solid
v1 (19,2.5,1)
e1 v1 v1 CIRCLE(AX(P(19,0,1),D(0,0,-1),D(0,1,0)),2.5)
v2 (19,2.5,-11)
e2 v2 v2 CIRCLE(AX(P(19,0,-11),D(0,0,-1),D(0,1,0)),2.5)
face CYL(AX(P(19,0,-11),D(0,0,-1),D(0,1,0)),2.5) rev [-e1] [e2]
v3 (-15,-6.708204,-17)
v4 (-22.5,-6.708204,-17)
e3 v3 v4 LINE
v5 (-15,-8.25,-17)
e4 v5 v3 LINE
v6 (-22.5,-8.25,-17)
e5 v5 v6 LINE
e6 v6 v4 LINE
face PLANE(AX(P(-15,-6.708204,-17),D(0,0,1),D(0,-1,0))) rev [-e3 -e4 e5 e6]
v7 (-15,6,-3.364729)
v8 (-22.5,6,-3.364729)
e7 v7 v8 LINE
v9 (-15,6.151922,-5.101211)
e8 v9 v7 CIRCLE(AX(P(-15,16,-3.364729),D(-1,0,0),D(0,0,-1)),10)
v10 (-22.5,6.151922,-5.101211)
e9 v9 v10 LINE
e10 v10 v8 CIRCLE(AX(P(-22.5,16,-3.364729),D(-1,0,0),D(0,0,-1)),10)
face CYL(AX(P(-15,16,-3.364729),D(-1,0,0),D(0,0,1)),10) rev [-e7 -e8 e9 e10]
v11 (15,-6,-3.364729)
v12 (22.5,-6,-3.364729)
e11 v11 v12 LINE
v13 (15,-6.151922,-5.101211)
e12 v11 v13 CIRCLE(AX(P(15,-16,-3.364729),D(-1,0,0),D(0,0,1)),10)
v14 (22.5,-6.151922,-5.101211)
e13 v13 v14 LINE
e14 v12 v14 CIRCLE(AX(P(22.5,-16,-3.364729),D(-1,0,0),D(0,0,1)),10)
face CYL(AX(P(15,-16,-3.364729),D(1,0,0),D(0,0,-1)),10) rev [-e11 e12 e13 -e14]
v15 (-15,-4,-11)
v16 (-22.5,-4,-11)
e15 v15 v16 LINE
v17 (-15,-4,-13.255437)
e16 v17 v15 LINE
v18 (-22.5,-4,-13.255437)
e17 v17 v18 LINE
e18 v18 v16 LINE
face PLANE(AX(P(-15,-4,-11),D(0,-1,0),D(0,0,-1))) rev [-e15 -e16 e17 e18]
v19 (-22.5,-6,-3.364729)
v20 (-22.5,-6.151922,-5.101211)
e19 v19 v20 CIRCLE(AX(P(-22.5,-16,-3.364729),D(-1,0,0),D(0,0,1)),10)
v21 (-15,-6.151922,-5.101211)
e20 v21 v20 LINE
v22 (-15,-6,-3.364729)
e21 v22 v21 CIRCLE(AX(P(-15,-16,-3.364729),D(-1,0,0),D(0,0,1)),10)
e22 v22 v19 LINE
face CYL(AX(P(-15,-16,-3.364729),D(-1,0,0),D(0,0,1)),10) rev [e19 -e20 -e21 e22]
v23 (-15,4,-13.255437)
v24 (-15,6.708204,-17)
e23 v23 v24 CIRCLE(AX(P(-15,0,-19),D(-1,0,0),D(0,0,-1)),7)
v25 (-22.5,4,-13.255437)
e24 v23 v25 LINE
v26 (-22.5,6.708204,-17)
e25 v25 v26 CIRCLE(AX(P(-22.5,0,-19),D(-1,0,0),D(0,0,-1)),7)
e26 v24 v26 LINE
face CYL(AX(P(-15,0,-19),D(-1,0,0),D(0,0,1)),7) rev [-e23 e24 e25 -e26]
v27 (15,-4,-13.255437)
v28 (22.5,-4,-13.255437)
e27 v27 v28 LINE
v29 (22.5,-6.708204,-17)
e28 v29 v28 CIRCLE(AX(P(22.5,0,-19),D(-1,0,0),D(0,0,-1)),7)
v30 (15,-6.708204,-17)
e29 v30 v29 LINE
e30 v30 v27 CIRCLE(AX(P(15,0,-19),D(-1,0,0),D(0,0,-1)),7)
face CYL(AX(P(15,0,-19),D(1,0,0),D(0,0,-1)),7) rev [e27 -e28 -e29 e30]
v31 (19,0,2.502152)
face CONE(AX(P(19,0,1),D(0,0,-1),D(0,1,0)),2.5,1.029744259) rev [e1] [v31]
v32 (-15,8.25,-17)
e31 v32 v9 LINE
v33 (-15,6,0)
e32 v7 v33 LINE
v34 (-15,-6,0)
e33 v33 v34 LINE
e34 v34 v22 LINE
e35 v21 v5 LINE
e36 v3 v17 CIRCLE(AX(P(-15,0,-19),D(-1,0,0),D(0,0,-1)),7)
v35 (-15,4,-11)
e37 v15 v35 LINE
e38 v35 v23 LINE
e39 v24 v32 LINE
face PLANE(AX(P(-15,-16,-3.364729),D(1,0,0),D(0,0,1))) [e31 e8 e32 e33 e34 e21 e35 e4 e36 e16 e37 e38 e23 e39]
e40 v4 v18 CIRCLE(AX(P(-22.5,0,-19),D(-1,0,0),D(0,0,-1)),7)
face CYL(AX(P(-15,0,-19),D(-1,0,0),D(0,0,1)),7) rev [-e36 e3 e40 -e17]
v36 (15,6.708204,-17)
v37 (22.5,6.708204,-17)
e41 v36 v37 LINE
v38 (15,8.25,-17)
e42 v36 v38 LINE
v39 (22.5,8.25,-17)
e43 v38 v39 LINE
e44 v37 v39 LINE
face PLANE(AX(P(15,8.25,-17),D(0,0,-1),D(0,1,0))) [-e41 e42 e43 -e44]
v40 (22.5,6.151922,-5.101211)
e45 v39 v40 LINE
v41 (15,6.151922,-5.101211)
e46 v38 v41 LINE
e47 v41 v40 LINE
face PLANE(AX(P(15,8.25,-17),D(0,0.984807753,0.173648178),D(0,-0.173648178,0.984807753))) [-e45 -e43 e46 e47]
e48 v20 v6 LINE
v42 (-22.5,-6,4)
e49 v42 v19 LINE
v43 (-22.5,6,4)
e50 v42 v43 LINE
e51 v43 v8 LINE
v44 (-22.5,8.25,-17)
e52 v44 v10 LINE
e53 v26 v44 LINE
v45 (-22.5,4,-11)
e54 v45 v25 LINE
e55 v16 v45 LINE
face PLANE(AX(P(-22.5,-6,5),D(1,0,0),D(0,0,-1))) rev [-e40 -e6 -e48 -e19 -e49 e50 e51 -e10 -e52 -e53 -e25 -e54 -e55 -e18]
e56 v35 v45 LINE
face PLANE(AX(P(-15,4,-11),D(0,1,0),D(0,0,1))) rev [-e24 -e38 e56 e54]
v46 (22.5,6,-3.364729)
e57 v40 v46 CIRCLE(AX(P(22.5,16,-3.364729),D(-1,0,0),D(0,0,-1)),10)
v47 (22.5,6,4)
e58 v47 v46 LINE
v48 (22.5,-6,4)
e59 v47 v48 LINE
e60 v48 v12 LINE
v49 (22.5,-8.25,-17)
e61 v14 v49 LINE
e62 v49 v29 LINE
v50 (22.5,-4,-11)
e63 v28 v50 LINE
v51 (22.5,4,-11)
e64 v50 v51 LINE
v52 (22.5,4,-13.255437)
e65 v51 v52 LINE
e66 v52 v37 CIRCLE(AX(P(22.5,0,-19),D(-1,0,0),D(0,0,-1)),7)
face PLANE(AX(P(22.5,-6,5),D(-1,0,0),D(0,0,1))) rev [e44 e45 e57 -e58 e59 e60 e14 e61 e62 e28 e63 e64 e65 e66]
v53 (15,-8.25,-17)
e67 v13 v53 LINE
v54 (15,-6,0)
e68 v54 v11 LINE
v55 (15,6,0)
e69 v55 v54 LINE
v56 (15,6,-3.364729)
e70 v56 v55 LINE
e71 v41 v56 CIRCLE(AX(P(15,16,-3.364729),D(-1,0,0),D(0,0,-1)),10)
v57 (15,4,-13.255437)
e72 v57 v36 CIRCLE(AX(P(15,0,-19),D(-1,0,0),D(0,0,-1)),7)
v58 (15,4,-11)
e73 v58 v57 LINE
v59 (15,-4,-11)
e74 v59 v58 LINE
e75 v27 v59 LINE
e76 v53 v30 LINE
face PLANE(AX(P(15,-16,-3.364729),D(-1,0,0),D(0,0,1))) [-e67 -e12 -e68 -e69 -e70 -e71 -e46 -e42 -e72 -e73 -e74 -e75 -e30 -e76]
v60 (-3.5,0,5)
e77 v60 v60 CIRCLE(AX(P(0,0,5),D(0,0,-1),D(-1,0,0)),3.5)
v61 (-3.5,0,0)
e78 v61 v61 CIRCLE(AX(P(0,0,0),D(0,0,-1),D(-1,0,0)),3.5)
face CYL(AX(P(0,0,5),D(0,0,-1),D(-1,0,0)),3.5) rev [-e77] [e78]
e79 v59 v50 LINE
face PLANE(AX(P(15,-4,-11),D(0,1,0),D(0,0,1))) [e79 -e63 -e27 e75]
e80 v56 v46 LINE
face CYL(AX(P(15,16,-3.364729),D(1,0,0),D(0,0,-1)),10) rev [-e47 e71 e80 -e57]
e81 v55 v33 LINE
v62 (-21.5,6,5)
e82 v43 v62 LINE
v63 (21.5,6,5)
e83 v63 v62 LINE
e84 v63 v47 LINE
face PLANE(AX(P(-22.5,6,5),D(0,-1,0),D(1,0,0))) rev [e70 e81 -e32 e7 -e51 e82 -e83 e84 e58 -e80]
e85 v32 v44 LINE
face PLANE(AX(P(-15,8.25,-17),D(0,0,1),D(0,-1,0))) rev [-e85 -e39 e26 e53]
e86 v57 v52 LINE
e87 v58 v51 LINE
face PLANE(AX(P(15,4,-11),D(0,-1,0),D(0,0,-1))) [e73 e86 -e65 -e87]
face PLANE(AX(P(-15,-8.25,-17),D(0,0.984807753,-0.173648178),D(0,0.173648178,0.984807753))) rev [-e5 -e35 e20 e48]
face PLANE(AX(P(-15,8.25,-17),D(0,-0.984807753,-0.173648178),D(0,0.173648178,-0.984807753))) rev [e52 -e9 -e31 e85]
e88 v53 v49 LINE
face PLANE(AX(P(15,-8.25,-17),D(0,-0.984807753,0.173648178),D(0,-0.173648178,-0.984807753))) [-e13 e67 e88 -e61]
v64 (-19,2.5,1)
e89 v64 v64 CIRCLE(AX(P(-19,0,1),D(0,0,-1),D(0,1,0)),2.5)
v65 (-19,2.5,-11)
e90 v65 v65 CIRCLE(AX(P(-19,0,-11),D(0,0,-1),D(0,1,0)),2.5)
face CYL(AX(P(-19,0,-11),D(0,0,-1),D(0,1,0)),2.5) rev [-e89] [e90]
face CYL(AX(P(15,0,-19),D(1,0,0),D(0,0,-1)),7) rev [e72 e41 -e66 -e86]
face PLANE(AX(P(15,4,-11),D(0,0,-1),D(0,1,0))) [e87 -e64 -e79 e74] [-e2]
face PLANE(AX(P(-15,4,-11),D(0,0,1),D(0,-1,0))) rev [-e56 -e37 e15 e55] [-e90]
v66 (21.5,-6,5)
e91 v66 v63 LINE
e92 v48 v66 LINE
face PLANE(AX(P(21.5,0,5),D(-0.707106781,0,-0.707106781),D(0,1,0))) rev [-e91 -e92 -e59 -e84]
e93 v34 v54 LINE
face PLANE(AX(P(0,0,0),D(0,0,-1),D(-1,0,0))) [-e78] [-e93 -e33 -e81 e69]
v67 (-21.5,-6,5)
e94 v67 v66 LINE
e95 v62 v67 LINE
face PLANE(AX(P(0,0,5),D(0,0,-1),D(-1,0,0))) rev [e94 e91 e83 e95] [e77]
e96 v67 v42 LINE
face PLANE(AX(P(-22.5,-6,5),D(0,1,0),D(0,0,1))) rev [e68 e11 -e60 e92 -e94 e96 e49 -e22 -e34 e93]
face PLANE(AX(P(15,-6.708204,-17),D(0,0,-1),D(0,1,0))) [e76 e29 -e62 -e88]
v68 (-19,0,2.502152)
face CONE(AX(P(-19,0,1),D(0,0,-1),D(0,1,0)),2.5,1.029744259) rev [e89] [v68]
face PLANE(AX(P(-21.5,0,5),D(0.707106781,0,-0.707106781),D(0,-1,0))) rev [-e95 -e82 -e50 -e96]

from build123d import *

# Parameters (mm, degrees)
SKETCH_1_W          = 45
SKETCH_1_H          = 12
EXTRUDE_1_DEPTH     = 5
EXTRUDE_2_DEPTH     = 7.5
SKETCH_9_R          = 3.5
CUT_EXTRUDE_1_DEPTH = 30.382179974
CHAMFER_1_SIZE      = 1


with BuildPart() as part:
    # 草图1 → 凸台-拉伸1 (new body)
    with BuildSketch(Plane.XY):
        Rectangle(SKETCH_1_W, SKETCH_1_H)
    extrude(amount=EXTRUDE_1_DEPTH)

    # 草图4 → 凸台-拉伸2 (add)
    with BuildSketch(Plane(origin=(22.5, 0, 0), x_dir=(0, 0, -1), z_dir=(1, 0, 0))):
        with BuildLine():
            Line((0, 6), (3.364729271, 6))
            ThreePointArc((3.364729271, 6), (4.236286698, 6.038053019), (5.101211047, 6.15192247))
            Line((5.101211047, 6.15192247), (17, 8.25))
            Line((17, 8.25), (17, 6.708203932))
            ThreePointArc((17, 6.708203932), (14.8977866, 5.672023027), (13.255437353, 4))
            Line((13.255437353, 4), (11, 4))
            Line((11, 4), (11, -4))
            Line((11, -4), (13.255437353, -4))
            ThreePointArc((13.255437353, -4), (14.8977866, -5.672023027), (17, -6.708203932))
            Line((17, -6.708203932), (17, -8.25))
            Line((17, -8.25), (5.101211047, -6.15192247))
            ThreePointArc((5.101211047, -6.15192247), (4.236286698, -6.038053019), (3.364729271, -6))
            Line((3.364729271, -6), (0, -6))
            Line((0, -6), (0, 6))
        make_face()
    extrude_2 = extrude(amount=-EXTRUDE_2_DEPTH)

    # 镜向1: 凸台-拉伸2 across plane
    add(extrude_2.mirror(Plane(origin=(0, 0, 0), x_dir=(0, 0, 1), z_dir=(1, 0, 0))))

    # 草图9 → 切除-拉伸1 (cut, through all)
    with BuildSketch(Plane(origin=(0, 0, 0), x_dir=(-1, 0, 0), z_dir=(0, 0, -1))):
        Circle(SKETCH_9_R)
    extrude(amount=-CUT_EXTRUDE_1_DEPTH, mode=Mode.SUBTRACT)

    # 草图12 → M6 螺纹孔1 (revolve, cut)
    with BuildSketch(Plane(origin=(19, 0, -11), x_dir=(0, 1, 0), z_dir=(1, 0, 0))):
        Polygon((0, 0), (0, 13.502151548), (2.5, 12), (2.5, 0), align=None)
    hole_wizard_m6_1 = revolve(axis=Axis((19, 0, -17.35), (0, 0, 1)), mode=Mode.SUBTRACT)

    # 镜向2: M6 螺纹孔1 across plane
    add(hole_wizard_m6_1.mirror(Plane(origin=(0, 0, 0), x_dir=(0, 0, 1), z_dir=(1, 0, 0))), mode=Mode.SUBTRACT)

    # 倒角1
    chamfer_1_edges = [part.edges().sort_by_distance(p)[0] for p in [
        (-22.5, 0, 5),
        (22.5, 0, 5),
    ]]
    chamfer(chamfer_1_edges, length=CHAMFER_1_SIZE)


solid = part.part
